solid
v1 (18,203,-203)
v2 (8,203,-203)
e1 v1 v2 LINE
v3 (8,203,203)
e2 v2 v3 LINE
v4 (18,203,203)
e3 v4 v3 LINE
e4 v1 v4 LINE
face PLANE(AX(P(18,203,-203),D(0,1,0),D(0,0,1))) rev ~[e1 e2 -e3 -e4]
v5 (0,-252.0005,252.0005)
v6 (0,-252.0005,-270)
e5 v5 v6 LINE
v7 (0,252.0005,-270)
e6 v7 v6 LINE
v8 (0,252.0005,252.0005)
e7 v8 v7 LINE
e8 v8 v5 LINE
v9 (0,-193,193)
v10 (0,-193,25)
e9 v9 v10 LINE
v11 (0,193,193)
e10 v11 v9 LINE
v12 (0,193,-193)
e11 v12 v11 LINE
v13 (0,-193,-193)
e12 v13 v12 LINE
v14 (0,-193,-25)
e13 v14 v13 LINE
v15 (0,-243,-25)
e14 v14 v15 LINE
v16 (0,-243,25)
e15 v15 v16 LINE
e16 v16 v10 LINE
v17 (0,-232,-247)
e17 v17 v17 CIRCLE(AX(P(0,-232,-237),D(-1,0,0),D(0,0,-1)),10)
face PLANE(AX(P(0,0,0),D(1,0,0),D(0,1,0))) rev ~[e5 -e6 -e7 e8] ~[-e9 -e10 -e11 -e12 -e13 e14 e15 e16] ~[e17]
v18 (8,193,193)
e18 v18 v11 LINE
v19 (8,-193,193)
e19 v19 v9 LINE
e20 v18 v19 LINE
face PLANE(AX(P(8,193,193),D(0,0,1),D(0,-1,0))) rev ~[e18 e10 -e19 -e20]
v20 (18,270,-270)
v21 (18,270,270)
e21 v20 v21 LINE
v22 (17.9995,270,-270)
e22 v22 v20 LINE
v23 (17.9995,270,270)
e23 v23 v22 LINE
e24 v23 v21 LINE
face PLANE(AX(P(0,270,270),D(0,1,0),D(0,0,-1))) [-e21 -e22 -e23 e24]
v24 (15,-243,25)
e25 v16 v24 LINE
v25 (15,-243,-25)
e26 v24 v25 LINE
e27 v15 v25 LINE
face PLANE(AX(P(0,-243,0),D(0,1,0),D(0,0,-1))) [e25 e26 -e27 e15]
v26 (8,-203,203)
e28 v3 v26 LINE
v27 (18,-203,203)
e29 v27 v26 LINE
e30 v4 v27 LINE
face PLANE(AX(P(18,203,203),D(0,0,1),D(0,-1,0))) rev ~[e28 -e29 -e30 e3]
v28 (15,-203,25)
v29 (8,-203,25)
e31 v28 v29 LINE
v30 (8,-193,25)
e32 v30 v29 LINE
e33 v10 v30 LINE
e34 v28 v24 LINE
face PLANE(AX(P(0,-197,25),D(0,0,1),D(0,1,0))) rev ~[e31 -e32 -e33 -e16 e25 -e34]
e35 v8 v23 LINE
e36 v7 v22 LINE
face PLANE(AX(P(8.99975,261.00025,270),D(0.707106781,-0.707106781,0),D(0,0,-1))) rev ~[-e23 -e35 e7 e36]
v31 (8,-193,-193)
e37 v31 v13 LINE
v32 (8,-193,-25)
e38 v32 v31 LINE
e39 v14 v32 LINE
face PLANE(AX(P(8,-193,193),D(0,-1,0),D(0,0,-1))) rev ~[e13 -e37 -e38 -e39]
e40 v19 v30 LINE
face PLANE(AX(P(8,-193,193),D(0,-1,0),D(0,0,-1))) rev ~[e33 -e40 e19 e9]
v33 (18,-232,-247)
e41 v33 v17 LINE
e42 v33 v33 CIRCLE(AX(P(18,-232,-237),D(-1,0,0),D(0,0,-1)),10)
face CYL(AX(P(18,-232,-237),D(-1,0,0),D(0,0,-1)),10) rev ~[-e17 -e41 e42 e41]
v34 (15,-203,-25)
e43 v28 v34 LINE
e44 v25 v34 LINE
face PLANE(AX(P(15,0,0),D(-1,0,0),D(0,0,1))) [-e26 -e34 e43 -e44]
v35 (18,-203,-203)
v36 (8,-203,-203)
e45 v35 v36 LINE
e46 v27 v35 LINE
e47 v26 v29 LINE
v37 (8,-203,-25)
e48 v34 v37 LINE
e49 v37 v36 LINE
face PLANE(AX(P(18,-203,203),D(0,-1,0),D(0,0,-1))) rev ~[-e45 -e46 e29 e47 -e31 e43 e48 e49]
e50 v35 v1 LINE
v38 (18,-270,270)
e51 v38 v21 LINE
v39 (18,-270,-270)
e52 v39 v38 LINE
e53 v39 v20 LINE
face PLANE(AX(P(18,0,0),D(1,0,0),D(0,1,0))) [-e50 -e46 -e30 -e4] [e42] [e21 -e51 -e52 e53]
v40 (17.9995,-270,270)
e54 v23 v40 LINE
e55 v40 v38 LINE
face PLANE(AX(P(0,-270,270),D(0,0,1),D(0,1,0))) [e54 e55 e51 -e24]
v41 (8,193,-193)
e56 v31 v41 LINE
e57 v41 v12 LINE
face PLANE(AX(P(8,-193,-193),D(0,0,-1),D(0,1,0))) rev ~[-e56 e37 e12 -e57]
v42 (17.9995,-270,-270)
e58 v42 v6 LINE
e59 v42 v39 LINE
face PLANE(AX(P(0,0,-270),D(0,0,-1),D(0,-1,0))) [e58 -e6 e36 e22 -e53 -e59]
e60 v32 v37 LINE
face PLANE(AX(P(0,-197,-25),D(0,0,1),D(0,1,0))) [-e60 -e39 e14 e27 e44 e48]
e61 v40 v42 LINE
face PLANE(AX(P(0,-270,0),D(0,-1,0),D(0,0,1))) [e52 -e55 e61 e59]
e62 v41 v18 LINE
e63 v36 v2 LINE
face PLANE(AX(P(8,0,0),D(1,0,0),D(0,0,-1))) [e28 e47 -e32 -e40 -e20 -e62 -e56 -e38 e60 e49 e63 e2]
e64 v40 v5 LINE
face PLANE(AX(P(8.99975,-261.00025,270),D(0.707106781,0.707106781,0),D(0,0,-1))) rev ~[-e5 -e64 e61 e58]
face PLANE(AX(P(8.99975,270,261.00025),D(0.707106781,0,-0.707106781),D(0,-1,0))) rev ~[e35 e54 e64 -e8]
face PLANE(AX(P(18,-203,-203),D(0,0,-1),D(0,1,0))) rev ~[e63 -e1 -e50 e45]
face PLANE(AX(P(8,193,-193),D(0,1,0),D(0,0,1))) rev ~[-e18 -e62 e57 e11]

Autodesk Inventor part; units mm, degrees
ref_plane "YZ Plane" through (0, 0, 0) normal (1, 0, 0) x (0, 1, 0)
ref_plane "XZ Plane" through (0, 0, 0) normal (0, 1, 0) x (-1, 0, 0)
ref_plane "XY Plane" through (0, 0, 0) normal (0, 0, 1) x (1, 0, 0)
sketch "Skizze1" plane through (0, 0, 0) normal (1, 0, 0) x (0, 1, 0)
  line L0 (-270, 270) -> (270, 270)
  line L1 (270, 270) -> (270, -270)
  line L2 (270, -270) -> (-270, -270)
  line L3 (-270, -270) -> (-270, 270)
  line L4 (-378, 0) -> (378, 0) projected
  line L5 (0, -378) -> (0, 378) projected
  point P0 (0, 0)
  dimension "d0" = 540
  dimension "d1" = 540
extrude "Extrusion1" add sketch "Skizze1" along normal blind 18
sketch "Skizze2" plane through (18, 0, 0) normal (1, 0, 0) x (0, 0, -1)
  line L0 (-270, 270) -> (-270, -270) projected
  line L1 (-270, -270) -> (270, -270) projected
  line L2 (270, -270) -> (270, 270) projected
  line L3 (270, 270) -> (-270, 270) projected
  line L4 (-203, -203) -> (203, -203)
  line L5 (203, -203) -> (203, 203)
  line L6 (203, 203) -> (-203, 203)
  line L7 (-203, 203) -> (-203, -203)
  point P0 (0, 0)
  dimension "d4" = 67
  dimension "d5" = 67
  dimension "d6" = 67
  dimension "d7" = 67
extrude "Extrusion2" cut sketch "Skizze2" against normal blind 10 contours L7 L6 L5 L4
sketch "Skizze3" plane through (8, 0, 0) normal (1, 0, 0) x (0, 0, -1)
  line L0 (203, -203) -> (-203, -203) projected
  line L1 (203, 203) -> (203, -203) projected
  line L2 (-203, 203) -> (203, 203) projected
  line L3 (-203, -203) -> (-203, 203) projected
  line L4 (-193, -193) -> (193, -193)
  line L5 (193, -193) -> (193, 193)
  line L6 (193, 193) -> (-193, 193)
  line L7 (-193, 193) -> (-193, -193)
  point P0 (0, 0)
  dimension "d10" = 10
  dimension "d11" = 10
  dimension "d12" = 10
  dimension "d13" = 10
extrude "Extrusion3" cut sketch "Skizze3" against normal blind 8 contours L7 L6 L5 L4
sketch "Skizze6" plane through (0, 0, 0) normal (-1, 0, 0) x (0, 0, 1)
  line L0 (-193, -193) -> (-193, 193) projected
  line L1 (-193, 193) -> (193, 193) projected
  line L2 (193, 193) -> (193, -193) projected
  line L3 (193, -193) -> (-193, -193) projected
  line L4 (270, -270) -> (270, 270) projected
  line L5 (270, 270) -> (-270, 270) projected
  line L6 (-270, 270) -> (-270, -270) projected
  line L7 (-270, -270) -> (270, -270) projected
  line L8 (17.5, -201) -> (17.5, -210) projected
  line L9 (22, -201) -> (17.5, -201) projected
  line L10 (17.5, -210) -> (13, -210) projected
  line L11 (13, -197) -> (13, -210) projected
  line L12 (22, -197) -> (22, -201) projected
  line L13 (-200, -197) -> (200, -197) projected
  line L14 (11, -197) -> (11, -210) projected
  line L15 (2, -197) -> (2, -201) projected
  line L16 (6.5, -201) -> (2, -201) projected
  line L17 (6.5, -201) -> (6.5, -210) projected
  line L18 (11, -210) -> (6.5, -210) projected
  line L19 (-5, -197) -> (-5, -201) projected
  line L20 (-5, -201) -> (-9.5, -201) projected
  line L21 (-9.5, -201) -> (-9.5, -210) projected
  line L22 (-9.5, -210) -> (-14, -210) projected
  line L23 (-14, -197) -> (-14, -210) projected
  line L24 (-16, -197) -> (-16, -210) projected
  line L25 (-16, -210) -> (-20.5, -210) projected
  line L26 (-20.5, -201) -> (-20.5, -210) projected
  line L27 (-20.5, -201) -> (-25, -201) projected
  line L28 (-25, -197) -> (-25, -201) projected
  line L29 (-270, -270) -> (270, -270) projected
  line L30 (-25, -243) -> (-25, -193)
  line L31 (25, -243) -> (25, -193)
  line L32 (0, -378) -> (0, 378) projected
  line L33 (-378, 0) -> (378, 0) projected
  line L34 (25, -243) -> (-25, -243)
  line L35 (25, -193) -> (-25, -193)
  point P0 (0, 0)
  dimension "d34" = 50
  dimension "d37" = 50
chamfer "Fase1" distance 18 angle 45 1 edges at (0, -270, 0)
chamfer "Fase2" distance 18 angle 45 2 edges at (0, 270, 0) (0, 8.9997, 270)
extrude "Extrusion7" cut sketch "Skizze6" against normal blind 15 contours L0 L33 L32 L3 | L0 L1 L32 L33 | L3 L32 L13 L30 | L33 L2 L3 L32 | L32 L1 L2 L33 | L3 L31 L13 L32 | L13 L24 L25 L26 L27 L28 | L32 L34 L30 L27 L26 L25 L24 L13 L23 L22 L21 L20 L19 | L13 L15 L16 L17 L18 L14 L11 L10 L8 L9 L12 L31 L34 L32 | L19 L20 L21 L22 L23 L13 | L13 L14 L18 L17 L16 L15 | L12 L9 L8 L10 L11 L13
sketch "Skizze8" plane through (18, 0, 0) normal (1, 0, 0) x (0, 0, -1)
  point P0 (0, 0)
sketch "Skizze9" plane through (18, 0, 0) normal (1, 0, 0) x (0, 0, -1)
  line L0 (-270, -270) -> (270, -270) projected
  line L1 (270, 270) -> (270, -270)
  point P0 (0, 0)
  point P1 (237, -232)
  dimension "d40" = 38
  dimension "d41" = 33
hole "Bohrung2" at (18, -232, -237) direction (-1, 0, 0) diameter 20 depth 18 tip angle 118
properties part number "PV_Rahmen"
